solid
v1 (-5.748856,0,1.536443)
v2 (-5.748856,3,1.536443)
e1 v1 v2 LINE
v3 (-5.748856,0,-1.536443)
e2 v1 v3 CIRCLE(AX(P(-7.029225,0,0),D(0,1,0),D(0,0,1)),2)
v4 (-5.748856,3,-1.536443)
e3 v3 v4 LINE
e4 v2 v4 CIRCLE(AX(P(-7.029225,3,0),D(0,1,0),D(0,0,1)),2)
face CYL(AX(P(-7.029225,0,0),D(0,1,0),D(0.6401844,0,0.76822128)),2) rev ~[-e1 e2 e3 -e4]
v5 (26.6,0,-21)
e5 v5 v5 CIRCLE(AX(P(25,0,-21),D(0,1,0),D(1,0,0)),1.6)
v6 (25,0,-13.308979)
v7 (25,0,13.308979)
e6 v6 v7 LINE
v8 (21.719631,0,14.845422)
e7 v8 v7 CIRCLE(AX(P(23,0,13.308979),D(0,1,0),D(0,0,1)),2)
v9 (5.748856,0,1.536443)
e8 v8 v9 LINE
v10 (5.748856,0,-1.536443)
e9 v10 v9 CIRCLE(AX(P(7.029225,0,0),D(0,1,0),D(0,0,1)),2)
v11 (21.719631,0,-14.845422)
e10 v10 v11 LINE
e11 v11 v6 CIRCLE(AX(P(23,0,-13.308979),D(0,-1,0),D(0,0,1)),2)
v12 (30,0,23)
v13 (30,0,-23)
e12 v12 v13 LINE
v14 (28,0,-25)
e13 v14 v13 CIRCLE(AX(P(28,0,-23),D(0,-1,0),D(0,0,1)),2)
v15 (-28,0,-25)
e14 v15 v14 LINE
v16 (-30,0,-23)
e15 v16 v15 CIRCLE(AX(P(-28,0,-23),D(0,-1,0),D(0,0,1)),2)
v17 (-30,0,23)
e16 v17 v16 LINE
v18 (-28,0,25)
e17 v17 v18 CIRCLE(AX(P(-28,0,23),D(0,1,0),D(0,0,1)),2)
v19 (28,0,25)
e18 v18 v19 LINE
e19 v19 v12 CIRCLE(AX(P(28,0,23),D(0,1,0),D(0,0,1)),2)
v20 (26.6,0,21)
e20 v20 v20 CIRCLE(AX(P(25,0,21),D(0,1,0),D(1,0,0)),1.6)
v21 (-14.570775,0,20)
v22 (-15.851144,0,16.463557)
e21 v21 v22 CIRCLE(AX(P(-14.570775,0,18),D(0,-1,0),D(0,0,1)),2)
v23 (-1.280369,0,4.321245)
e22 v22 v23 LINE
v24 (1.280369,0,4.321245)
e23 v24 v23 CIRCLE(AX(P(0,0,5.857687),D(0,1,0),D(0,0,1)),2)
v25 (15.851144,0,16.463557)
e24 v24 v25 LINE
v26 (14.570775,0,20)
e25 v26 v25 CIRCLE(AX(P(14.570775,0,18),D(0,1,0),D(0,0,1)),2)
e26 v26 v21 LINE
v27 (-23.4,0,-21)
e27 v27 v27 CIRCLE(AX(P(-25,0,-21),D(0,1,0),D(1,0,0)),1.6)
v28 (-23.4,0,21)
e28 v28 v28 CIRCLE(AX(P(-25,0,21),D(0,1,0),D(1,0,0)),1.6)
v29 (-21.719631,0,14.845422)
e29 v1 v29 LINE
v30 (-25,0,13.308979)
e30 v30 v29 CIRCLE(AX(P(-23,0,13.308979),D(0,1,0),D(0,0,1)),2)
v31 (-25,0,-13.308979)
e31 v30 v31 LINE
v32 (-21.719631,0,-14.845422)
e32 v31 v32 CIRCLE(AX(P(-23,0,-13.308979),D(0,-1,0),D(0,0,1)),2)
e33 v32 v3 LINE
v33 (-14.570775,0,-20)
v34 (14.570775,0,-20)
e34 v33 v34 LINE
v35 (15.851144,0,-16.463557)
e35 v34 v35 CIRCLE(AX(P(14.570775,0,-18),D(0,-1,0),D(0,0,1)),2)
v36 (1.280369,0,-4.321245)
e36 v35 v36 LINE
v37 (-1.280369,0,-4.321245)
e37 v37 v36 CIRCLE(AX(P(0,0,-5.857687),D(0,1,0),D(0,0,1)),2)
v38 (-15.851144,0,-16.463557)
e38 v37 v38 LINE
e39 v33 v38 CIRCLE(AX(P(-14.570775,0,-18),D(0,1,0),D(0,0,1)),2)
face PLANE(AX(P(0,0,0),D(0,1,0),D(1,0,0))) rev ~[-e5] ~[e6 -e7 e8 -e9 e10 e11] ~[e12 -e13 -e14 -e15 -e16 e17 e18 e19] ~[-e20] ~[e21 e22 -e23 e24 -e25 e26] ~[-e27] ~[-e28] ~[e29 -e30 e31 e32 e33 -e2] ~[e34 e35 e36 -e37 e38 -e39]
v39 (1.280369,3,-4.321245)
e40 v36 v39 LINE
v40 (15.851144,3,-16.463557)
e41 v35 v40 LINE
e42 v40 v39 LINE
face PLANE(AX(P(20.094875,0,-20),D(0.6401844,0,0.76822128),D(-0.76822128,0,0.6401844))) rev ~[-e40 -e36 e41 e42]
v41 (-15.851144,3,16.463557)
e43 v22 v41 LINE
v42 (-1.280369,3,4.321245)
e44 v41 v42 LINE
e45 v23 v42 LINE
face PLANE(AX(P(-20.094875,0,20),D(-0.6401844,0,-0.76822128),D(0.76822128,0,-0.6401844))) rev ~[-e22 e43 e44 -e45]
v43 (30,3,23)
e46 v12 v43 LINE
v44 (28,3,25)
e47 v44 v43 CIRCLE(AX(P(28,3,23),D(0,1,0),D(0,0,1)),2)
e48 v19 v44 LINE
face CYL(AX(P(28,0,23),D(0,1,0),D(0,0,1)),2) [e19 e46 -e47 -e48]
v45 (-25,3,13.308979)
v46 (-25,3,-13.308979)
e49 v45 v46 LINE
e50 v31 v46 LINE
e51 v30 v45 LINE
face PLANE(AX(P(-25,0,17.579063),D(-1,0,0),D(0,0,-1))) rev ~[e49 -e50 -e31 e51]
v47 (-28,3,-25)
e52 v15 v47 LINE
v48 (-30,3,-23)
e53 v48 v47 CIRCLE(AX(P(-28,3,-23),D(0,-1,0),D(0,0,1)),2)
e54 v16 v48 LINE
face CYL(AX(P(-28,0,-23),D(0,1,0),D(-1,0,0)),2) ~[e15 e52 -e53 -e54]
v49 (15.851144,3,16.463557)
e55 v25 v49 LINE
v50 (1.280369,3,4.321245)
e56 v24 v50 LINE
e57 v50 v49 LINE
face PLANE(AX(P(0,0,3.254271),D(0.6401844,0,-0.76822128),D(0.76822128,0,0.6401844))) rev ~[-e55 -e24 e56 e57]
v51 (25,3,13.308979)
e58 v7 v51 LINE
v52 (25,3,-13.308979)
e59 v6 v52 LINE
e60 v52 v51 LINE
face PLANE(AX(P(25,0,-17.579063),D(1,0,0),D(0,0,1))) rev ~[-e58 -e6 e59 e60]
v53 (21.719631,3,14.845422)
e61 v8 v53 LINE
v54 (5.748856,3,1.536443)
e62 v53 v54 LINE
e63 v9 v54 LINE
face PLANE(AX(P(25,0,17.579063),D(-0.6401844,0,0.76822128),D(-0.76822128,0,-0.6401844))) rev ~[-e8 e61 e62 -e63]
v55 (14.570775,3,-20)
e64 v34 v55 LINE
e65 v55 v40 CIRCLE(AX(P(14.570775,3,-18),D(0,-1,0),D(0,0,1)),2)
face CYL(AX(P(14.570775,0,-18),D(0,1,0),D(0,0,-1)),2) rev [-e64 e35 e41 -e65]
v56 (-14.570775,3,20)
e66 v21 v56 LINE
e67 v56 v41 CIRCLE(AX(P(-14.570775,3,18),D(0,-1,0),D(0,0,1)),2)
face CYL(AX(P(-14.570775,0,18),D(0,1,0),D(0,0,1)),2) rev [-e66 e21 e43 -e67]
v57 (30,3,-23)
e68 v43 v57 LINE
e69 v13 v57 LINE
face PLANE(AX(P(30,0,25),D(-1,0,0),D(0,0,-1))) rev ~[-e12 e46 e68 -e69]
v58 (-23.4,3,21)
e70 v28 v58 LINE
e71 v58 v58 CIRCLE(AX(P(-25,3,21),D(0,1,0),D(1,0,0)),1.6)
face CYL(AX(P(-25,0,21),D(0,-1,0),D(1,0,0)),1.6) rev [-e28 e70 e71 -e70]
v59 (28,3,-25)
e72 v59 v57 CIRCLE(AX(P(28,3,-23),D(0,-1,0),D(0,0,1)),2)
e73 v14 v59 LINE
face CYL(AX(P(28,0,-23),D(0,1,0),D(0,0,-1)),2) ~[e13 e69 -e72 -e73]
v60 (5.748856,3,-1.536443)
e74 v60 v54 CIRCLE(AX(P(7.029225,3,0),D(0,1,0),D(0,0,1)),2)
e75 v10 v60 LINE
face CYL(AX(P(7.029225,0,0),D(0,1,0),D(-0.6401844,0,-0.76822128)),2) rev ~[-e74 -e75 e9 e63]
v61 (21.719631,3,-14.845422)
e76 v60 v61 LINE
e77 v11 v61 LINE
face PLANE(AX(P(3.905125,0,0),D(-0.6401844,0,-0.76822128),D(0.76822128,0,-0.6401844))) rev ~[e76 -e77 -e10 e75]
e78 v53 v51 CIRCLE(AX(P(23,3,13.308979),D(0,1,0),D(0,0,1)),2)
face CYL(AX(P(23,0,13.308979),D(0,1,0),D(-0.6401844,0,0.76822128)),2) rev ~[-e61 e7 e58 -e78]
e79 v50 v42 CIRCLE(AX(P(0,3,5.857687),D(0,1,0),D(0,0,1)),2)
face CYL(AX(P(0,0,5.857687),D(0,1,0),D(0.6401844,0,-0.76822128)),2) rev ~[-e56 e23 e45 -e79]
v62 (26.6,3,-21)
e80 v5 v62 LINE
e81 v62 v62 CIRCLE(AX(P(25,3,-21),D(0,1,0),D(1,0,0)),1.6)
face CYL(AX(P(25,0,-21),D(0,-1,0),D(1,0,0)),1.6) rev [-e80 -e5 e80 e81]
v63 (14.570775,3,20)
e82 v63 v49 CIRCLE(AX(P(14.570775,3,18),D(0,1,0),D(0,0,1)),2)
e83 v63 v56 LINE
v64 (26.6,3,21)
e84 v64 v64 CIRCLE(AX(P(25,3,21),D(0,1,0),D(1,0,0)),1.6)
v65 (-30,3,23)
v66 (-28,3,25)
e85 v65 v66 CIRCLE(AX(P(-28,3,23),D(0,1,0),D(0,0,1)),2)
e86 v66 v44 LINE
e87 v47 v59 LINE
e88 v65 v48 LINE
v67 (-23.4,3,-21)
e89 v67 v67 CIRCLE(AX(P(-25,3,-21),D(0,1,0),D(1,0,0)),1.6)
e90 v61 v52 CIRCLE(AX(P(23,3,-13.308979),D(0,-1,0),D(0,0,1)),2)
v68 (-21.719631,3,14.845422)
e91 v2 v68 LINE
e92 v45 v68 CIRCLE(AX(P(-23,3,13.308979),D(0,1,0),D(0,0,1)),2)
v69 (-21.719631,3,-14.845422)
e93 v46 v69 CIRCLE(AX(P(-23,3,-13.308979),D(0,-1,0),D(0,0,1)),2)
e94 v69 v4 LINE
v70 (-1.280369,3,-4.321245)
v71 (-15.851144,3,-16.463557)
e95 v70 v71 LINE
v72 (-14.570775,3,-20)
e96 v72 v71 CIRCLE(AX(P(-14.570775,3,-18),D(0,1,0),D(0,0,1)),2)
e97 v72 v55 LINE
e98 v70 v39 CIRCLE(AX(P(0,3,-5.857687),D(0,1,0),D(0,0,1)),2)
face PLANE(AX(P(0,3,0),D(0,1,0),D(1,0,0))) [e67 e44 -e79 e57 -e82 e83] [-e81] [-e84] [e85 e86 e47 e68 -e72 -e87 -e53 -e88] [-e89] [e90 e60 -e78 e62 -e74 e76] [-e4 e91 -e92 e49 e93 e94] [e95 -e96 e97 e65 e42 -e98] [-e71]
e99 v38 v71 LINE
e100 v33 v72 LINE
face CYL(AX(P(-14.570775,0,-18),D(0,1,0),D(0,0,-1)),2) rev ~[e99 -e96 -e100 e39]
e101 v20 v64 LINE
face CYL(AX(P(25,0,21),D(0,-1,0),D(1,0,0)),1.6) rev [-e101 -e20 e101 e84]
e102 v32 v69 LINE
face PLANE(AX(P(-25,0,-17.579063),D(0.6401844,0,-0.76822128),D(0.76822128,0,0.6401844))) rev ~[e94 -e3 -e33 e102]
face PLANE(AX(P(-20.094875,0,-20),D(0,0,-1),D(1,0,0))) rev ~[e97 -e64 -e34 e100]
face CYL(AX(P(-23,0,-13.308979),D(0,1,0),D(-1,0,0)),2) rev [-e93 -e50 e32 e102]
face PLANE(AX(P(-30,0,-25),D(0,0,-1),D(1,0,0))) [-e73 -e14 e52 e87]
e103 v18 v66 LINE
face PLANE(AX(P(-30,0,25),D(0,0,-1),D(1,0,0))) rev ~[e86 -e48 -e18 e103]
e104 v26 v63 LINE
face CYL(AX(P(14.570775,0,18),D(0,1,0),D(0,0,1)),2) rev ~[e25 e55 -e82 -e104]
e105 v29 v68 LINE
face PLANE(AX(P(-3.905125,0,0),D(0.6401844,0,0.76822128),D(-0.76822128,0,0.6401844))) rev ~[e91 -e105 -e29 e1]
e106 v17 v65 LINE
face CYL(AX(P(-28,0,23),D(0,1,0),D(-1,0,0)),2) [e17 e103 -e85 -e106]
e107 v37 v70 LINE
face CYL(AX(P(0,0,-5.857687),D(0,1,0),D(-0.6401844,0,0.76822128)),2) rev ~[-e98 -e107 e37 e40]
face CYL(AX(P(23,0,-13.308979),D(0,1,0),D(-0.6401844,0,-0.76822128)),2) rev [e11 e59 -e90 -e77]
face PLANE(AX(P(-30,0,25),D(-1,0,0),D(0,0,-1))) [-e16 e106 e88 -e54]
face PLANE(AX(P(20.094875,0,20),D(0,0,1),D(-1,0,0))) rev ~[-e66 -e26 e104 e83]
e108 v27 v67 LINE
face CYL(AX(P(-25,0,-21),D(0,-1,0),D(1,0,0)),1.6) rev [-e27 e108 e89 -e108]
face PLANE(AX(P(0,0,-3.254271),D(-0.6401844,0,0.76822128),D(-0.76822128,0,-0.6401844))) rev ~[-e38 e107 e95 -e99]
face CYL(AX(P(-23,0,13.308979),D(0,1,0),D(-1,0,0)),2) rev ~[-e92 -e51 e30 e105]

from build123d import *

# Parameters (mm, degrees)
SKETCH_1_W      = 60
SKETCH_1_H      = 50
SKETCH_1_R      = 1.6
EXTRUDE_1_DEPTH = 3
FILLET_1_R      = 2
FILLET_2_R      = 2


with BuildPart() as part:
    # 草图1 → 凸台-拉伸1 (new body)
    with BuildSketch(Plane(origin=(0, 0, 0), x_dir=(1, 0, 0), z_dir=(0, 1, 0))):
        Rectangle(SKETCH_1_W, SKETCH_1_H)
        with Locations((-25, 21)):
            Circle(SKETCH_1_R, mode=Mode.SUBTRACT)
        with Locations((25, 21)):
            Circle(SKETCH_1_R, mode=Mode.SUBTRACT)
        with Locations((25, -21)):
            Circle(SKETCH_1_R, mode=Mode.SUBTRACT)
        with Locations((-25, -21)):
            Circle(SKETCH_1_R, mode=Mode.SUBTRACT)
        Polygon((-25, 17.579062635), (-3.905124838, 0), (-25, -17.579062635), align=None, mode=Mode.SUBTRACT)
        Polygon((25, 17.579062635), (25, -17.579062635), (3.905124838, 0), align=None, mode=Mode.SUBTRACT)
        Polygon((-20.094875162, -20), (0, -3.254270698), (20.094875162, -20), align=None, mode=Mode.SUBTRACT)
        Polygon((20.094875162, 20), (0, 3.254270698), (-20.094875162, 20), align=None, mode=Mode.SUBTRACT)
    extrude(amount=EXTRUDE_1_DEPTH)

    # 圆角1
    fillet_1_edges = [part.edges().sort_by_distance(p)[0] for p in [
        (30, 1.5, 25),
        (-30, 1.5, 25),
        (-30, 1.5, -25),
        (30, 1.5, -25),
    ]]
    fillet(fillet_1_edges, radius=FILLET_1_R)

    # 圆角2
    fillet_2_edges = [part.edges().sort_by_distance(p)[0] for p in [
        (-25, 1.5, -17.579062635),
        (-25, 1.5, 17.579062635),
        (-3.905124838, 1.5, 0),
        (-20.094875162, 1.5, 20),
        (20.094875162, 1.5, 20),
        (0, 1.5, 3.254270698),
        (3.905124838, 1.5, 0),
        (25, 1.5, 17.579062635),
        (25, 1.5, -17.579062635),
        (20.094875162, 1.5, -20),
        (-20.094875162, 1.5, -20),
        (0, 1.5, -3.254270698),
    ]]
    fillet(fillet_2_edges, radius=FILLET_2_R)


solid = part.part
